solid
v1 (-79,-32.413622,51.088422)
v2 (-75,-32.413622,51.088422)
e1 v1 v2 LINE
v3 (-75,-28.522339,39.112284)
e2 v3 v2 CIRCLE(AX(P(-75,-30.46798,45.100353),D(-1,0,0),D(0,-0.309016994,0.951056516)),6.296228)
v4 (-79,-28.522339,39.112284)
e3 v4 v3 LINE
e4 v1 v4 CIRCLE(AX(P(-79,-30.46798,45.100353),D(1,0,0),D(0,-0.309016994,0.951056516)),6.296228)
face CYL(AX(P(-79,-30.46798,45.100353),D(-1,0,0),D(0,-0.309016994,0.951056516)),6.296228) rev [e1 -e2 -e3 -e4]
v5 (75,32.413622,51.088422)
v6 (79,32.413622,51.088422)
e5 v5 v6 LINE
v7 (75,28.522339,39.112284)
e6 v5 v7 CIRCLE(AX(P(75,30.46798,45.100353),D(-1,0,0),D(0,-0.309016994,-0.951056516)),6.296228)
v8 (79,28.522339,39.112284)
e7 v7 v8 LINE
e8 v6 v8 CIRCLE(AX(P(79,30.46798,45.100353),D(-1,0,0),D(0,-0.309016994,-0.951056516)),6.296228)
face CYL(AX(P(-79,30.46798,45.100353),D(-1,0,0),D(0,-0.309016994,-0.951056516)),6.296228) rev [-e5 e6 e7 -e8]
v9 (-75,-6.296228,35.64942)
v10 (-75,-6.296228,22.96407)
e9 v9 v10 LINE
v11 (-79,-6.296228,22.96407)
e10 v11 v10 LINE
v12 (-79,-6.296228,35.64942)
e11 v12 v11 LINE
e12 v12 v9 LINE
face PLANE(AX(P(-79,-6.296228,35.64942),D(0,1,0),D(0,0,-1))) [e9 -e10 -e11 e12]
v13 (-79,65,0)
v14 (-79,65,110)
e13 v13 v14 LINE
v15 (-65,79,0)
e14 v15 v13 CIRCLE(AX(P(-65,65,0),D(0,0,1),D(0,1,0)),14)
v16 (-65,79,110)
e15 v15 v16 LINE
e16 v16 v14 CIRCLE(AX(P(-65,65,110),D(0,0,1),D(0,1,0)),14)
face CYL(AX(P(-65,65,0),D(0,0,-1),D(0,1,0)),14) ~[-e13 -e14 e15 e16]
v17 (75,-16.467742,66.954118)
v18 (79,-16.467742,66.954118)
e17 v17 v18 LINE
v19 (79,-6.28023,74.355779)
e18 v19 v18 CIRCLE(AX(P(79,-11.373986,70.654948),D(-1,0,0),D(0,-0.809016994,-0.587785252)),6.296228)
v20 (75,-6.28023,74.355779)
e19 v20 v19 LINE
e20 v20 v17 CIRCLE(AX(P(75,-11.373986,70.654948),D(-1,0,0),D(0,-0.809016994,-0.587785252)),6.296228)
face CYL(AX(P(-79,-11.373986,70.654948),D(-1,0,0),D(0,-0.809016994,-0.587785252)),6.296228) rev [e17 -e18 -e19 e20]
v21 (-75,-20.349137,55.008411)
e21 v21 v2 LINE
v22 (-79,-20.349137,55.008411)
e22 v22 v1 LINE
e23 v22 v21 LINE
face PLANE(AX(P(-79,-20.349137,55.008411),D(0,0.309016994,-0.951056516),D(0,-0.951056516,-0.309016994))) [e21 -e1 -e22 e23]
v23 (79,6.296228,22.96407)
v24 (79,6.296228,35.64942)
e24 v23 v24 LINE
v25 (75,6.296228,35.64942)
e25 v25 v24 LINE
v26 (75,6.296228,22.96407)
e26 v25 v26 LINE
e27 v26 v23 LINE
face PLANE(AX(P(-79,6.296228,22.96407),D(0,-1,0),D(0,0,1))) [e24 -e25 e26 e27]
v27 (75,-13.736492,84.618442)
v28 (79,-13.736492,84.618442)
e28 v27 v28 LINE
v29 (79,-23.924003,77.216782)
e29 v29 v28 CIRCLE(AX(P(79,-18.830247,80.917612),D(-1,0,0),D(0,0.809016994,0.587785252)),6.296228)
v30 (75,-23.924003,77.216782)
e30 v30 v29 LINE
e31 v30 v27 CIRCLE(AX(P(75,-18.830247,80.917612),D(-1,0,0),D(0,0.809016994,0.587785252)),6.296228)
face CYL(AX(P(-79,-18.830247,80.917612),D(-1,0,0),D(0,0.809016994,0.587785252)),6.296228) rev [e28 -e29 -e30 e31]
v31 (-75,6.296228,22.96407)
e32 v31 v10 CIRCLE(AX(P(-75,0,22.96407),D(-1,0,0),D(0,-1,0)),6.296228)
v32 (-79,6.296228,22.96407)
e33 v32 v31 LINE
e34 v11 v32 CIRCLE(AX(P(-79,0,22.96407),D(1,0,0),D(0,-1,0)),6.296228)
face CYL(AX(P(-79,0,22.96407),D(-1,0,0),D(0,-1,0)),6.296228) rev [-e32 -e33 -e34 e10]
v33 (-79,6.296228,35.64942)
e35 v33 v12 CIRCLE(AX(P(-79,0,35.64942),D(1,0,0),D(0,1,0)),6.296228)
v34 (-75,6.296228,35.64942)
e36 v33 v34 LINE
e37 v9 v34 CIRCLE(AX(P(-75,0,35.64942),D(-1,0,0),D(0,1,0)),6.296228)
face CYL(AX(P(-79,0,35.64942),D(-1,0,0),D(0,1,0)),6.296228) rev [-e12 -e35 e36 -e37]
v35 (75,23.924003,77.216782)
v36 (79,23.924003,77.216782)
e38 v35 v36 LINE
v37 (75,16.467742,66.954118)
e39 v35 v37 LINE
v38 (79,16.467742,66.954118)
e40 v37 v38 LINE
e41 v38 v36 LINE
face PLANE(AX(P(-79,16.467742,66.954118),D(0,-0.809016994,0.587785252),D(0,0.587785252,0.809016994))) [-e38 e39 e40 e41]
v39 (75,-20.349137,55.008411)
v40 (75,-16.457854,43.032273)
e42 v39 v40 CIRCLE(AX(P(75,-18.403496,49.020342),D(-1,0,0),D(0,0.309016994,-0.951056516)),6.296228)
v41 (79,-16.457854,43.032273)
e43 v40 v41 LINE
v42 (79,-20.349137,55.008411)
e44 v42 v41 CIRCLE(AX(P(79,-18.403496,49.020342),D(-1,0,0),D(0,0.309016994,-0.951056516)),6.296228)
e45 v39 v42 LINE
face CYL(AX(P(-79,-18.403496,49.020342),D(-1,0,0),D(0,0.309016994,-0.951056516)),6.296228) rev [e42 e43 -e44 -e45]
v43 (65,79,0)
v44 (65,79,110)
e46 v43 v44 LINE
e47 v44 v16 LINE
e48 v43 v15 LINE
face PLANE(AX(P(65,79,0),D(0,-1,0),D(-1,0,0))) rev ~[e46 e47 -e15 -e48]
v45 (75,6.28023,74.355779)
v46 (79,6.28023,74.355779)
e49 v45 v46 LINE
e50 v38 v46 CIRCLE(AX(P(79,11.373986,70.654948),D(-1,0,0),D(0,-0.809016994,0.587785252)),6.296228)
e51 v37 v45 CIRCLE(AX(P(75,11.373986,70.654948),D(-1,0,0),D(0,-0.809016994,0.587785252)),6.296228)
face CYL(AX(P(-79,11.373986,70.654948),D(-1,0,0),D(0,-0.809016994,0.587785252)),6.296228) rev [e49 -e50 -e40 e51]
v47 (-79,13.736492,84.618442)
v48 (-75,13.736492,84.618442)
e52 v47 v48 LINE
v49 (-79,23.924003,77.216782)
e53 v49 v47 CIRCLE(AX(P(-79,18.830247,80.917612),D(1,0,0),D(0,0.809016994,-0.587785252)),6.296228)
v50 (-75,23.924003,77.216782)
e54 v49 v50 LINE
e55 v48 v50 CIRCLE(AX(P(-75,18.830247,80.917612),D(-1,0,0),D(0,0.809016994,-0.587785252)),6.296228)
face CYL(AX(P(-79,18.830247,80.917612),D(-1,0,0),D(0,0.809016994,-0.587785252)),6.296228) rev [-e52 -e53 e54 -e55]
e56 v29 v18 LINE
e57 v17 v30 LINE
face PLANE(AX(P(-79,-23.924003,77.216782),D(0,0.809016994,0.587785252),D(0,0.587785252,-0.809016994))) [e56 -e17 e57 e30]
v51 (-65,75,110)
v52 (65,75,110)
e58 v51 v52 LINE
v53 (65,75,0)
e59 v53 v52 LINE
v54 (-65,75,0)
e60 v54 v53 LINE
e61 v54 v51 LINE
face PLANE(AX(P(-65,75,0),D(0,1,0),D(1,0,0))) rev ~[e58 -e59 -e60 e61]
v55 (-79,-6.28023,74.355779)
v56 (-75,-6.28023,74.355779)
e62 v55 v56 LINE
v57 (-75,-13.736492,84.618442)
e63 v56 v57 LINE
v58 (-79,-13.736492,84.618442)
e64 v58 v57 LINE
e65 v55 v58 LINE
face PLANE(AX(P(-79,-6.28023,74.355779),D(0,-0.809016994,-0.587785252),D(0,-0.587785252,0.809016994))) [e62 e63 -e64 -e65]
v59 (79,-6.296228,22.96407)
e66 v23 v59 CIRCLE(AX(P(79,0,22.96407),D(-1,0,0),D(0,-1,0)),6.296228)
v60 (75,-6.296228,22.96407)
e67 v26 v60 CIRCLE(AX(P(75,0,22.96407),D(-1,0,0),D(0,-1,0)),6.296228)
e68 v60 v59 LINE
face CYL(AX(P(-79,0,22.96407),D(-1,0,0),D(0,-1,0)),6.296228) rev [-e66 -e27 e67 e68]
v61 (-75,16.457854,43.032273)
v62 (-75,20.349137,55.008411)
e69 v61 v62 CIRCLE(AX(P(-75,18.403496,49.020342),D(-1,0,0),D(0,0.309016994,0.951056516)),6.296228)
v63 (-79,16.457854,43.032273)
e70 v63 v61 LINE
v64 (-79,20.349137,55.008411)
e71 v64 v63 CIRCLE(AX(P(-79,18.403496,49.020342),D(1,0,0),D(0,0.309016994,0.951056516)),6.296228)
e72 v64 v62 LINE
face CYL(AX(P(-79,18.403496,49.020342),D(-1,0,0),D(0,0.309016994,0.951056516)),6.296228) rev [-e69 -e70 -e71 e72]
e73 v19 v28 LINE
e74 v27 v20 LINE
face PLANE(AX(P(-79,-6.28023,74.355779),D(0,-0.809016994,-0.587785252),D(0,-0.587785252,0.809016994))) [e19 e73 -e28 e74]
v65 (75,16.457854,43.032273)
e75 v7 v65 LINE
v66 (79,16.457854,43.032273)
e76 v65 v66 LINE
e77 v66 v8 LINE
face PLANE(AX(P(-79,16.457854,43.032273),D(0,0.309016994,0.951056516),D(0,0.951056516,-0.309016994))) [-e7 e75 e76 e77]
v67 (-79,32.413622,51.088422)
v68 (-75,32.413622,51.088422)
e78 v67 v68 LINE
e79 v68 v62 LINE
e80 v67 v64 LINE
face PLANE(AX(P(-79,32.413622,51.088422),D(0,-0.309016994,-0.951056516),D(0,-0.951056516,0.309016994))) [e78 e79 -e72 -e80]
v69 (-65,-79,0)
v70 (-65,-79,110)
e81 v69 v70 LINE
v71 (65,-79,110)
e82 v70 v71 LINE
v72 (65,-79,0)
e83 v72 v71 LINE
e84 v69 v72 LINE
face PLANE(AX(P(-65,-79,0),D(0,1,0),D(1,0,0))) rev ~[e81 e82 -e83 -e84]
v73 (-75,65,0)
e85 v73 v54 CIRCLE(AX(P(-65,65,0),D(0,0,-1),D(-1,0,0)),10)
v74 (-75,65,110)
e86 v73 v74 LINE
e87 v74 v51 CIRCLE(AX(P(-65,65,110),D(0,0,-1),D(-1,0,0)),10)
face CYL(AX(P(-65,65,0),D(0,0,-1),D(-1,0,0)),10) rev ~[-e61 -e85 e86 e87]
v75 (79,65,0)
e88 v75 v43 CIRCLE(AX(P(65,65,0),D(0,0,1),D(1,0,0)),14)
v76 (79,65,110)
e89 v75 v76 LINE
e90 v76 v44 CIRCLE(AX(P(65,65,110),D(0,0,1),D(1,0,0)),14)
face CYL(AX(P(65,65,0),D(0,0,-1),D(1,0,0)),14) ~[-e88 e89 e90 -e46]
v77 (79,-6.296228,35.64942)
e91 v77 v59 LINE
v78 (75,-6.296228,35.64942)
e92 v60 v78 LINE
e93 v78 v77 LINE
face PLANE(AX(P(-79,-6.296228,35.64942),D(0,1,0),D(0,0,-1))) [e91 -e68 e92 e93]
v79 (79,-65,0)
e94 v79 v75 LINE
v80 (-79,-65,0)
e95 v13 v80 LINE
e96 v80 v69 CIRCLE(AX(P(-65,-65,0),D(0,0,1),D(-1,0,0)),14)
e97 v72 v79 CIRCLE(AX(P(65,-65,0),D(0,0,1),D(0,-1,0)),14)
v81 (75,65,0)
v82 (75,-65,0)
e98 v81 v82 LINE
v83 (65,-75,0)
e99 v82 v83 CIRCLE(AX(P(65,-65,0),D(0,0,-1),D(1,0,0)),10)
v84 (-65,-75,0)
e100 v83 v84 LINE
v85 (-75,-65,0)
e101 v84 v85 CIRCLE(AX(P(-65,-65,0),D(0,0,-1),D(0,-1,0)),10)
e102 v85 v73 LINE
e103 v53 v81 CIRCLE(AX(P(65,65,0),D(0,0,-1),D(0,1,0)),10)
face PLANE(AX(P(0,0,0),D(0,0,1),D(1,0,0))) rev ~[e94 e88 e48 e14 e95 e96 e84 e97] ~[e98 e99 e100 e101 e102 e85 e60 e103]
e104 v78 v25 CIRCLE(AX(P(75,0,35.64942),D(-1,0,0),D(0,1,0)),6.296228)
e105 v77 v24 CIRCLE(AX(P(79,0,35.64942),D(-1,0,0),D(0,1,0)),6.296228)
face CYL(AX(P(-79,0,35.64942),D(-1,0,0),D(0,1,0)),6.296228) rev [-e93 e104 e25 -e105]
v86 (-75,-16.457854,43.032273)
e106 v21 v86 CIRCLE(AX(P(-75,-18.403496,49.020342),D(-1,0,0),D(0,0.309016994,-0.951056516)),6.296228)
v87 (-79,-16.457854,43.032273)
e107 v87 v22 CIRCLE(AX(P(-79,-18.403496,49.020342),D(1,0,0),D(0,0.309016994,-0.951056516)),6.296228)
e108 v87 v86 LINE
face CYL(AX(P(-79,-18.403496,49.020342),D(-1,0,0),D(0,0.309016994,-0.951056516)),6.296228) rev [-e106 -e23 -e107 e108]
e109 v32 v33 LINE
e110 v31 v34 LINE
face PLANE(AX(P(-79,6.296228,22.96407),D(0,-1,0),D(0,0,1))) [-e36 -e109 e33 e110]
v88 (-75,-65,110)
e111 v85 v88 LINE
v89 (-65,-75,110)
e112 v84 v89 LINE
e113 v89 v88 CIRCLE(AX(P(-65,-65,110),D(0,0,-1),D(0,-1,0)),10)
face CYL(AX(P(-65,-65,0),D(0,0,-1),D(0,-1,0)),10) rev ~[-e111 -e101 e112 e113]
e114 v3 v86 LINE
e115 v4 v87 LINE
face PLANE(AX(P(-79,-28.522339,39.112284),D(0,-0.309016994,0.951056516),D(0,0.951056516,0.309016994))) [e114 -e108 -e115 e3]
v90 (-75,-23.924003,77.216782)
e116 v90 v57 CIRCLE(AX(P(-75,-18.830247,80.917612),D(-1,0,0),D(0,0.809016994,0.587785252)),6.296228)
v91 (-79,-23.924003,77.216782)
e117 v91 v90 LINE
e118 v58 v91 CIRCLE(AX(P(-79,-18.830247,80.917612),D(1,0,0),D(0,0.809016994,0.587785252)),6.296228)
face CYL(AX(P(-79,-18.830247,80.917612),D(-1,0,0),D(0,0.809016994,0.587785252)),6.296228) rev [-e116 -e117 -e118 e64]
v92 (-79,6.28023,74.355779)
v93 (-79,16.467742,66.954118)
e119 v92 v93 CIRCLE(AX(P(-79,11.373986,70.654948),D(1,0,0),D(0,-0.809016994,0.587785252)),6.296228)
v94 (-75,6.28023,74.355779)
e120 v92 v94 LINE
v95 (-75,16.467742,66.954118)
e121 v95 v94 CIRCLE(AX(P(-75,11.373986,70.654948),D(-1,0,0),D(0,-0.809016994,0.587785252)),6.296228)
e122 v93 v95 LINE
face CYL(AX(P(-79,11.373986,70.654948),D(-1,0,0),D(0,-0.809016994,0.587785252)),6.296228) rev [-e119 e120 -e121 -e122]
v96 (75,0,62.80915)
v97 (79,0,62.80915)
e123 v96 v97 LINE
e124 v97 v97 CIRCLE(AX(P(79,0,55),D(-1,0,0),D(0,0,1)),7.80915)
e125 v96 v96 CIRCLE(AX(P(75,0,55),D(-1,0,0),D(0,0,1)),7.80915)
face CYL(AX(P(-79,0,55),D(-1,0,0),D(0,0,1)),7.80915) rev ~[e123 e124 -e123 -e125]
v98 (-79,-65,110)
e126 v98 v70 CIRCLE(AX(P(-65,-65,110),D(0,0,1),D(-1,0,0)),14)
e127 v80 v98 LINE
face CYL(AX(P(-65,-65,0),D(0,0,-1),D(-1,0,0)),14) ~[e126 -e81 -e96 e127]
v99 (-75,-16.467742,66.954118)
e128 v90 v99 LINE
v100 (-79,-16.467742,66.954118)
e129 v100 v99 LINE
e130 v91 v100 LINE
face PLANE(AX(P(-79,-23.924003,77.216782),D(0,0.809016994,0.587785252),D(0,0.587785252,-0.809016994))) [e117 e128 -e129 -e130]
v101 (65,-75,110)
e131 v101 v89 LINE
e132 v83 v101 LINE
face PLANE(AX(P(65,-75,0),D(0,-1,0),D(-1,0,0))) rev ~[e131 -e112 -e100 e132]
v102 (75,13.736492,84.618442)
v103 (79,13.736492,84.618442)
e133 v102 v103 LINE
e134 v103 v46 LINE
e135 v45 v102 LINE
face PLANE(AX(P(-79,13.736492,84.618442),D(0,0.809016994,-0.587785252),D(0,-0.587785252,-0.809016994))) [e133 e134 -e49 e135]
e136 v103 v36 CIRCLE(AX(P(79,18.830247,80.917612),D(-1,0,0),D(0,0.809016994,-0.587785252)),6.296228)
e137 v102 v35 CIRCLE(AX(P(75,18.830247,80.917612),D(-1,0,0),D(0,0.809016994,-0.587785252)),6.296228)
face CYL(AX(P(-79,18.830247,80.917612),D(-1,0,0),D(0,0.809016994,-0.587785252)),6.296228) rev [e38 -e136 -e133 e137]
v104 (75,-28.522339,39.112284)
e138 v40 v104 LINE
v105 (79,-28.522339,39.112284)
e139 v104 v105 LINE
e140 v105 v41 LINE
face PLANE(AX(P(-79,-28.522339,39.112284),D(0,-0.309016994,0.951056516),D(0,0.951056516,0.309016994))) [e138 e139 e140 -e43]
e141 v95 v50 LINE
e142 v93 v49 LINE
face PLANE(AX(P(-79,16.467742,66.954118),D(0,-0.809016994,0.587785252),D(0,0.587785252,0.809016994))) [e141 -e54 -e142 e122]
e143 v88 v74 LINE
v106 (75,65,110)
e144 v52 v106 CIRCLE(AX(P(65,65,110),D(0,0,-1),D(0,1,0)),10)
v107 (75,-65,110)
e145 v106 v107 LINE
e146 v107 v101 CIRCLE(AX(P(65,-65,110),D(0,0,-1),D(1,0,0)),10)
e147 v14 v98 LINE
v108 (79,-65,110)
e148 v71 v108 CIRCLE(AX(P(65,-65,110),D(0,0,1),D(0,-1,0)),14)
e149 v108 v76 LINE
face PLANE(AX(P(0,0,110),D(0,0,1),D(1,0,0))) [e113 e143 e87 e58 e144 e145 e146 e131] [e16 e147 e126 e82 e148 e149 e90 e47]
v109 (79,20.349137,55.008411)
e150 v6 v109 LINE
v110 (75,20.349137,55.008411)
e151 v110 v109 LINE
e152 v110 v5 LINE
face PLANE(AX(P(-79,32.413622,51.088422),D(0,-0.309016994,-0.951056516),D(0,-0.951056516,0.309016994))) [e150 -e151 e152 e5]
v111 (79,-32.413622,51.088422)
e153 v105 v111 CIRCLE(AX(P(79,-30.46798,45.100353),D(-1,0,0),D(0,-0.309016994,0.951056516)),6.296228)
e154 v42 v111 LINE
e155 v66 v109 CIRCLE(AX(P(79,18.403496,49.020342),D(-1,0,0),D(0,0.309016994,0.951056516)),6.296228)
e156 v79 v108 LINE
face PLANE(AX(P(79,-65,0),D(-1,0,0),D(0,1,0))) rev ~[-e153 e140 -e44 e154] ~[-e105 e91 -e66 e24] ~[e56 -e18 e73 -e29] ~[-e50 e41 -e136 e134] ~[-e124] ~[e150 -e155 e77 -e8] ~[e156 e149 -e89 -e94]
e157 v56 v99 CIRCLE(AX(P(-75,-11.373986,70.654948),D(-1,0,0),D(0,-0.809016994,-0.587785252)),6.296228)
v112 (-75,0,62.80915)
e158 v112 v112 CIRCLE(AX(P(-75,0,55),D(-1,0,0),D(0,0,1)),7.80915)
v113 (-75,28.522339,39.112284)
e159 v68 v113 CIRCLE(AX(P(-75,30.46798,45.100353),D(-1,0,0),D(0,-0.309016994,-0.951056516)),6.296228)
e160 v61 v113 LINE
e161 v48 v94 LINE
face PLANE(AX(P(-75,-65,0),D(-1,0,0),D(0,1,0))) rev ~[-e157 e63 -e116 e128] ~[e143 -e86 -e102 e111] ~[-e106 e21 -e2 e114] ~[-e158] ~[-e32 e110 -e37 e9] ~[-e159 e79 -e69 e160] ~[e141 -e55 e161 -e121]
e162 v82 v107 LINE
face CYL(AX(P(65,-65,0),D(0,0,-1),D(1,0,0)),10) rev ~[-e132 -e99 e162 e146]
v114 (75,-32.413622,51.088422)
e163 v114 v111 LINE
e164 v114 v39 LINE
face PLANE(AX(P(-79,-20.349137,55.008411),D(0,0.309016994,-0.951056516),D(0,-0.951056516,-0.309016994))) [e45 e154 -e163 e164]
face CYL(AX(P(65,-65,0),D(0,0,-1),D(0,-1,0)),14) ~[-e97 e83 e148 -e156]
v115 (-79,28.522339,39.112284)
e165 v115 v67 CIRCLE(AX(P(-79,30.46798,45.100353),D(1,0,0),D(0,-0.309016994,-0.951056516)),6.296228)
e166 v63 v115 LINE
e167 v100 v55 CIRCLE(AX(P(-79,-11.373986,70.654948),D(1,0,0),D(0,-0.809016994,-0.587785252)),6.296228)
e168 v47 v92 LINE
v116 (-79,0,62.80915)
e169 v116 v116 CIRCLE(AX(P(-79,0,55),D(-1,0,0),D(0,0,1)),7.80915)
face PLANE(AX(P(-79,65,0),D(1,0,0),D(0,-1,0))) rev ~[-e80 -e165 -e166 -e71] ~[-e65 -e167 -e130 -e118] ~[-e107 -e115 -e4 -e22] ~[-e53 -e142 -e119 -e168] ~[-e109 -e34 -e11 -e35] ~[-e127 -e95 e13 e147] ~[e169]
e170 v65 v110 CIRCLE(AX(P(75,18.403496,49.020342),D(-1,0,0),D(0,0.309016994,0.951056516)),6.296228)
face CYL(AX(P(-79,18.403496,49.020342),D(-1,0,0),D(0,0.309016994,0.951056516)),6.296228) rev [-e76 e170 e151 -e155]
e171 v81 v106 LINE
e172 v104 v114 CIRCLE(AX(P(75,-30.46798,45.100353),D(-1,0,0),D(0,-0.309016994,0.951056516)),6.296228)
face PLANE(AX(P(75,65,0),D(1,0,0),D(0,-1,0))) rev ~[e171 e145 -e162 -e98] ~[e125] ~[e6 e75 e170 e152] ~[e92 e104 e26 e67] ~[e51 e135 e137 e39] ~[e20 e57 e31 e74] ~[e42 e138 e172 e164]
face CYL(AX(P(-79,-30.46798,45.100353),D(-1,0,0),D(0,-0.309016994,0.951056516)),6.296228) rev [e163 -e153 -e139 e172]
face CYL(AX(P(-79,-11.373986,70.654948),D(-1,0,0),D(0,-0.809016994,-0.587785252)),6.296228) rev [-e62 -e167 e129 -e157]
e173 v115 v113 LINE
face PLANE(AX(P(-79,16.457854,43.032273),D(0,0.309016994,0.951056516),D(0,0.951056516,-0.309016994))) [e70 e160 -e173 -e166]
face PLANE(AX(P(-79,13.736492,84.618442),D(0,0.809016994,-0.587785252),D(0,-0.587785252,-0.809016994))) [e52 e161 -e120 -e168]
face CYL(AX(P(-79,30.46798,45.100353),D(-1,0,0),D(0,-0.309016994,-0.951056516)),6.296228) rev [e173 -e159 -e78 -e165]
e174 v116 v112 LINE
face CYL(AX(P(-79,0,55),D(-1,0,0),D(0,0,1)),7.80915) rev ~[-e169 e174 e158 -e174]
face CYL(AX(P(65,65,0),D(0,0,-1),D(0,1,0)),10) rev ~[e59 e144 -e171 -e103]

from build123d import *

# Parameters (mm, degrees)
BOSS_EXTRU_1_DEPTH      = 110
ESQUISSE2_R             = 7.809149938
ENL_V_MAT_EXTRU_1_DEPTH = 159


with BuildPart() as part:
    # Esquisse1 → Boss.-Extru.1 (new body)
    with BuildSketch(Plane.XY):
        with BuildLine():
            Line((-79, 65), (-79, -65))
            ThreePointArc((-79, -65), (-74.899494937, -74.899494937), (-65, -79))
            Line((-65, -79), (65, -79))
            ThreePointArc((65, -79), (74.899494937, -74.899494937), (79, -65))
            Line((79, -65), (79, 65))
            ThreePointArc((79, 65), (74.899494937, 74.899494937), (65, 79))
            Line((65, 79), (-65, 79))
            ThreePointArc((-65, 79), (-74.899494937, 74.899494937), (-79, 65))
        make_face()
        with BuildLine():
            Line((-65, 75), (65, 75))
            ThreePointArc((65, 75), (72.071067812, 72.071067812), (75, 65))
            Line((75, 65), (75, -65))
            ThreePointArc((75, -65), (72.071067812, -72.071067812), (65, -75))
            Line((65, -75), (-65, -75))
            ThreePointArc((-65, -75), (-72.071067812, -72.071067812), (-75, -65))
            Line((-75, -65), (-75, 65))
            ThreePointArc((-75, 65), (-72.071067812, 72.071067812), (-65, 75))
        make_face(mode=Mode.SUBTRACT)
    extrude(amount=BOSS_EXTRU_1_DEPTH)

    # Esquisse2 → Enlèv. mat.-Extru.1 (cut, through all)
    with BuildSketch(Plane.ZY.offset(79)):
        with Locations((55, 0)):
            Circle(ESQUISSE2_R)
        with BuildLine():
            Line((22.964069625, 6.296228474), (35.649419661, 6.296228474))
            ThreePointArc((35.649419661, 6.296228474), (41.945648134, 0), (35.649419661, -6.296228474))
            Line((35.649419661, -6.296228474), (22.964069625, -6.296228474))
            ThreePointArc((22.964069625, -6.296228474), (16.667841152, 0), (22.964069625, 6.296228474))
        make_face()
        with BuildLine():
            Line((51.088422202, 32.413621937), (55.008410942, 20.349137125))
            ThreePointArc((55.008410942, 20.349137125), (50.965983423, 12.415426408), (43.032272706, 16.457853927))
            Line((43.032272706, 16.457853927), (39.112283966, 28.52233874))
            ThreePointArc((39.112283966, 28.52233874), (43.154711485, 36.456049456), (51.088422202, 32.413621937))
        make_face()
        with BuildLine():
            Line((84.618442346, 13.736491582), (74.355778588, 6.280229911))
            ThreePointArc((74.355778588, 6.280229911), (65.56119251, 7.673155505), (66.954118104, 16.467741582))
            Line((66.954118104, 16.467741582), (77.216781862, 23.924003253))
            ThreePointArc((77.216781862, 23.924003253), (86.011367939, 22.53107766), (84.618442346, 13.736491582))
        make_face()
        with BuildLine():
            Line((77.216781862, -23.924003253), (66.954118104, -16.467741582))
            ThreePointArc((66.954118104, -16.467741582), (65.56119251, -7.673155505), (74.355778588, -6.280229911))
            Line((74.355778588, -6.280229911), (84.618442346, -13.736491582))
            ThreePointArc((84.618442346, -13.736491582), (86.011367939, -22.53107766), (77.216781862, -23.924003253))
        make_face()
        with BuildLine():
            Line((39.112283966, -28.52233874), (43.032272706, -16.457853927))
            ThreePointArc((43.032272706, -16.457853927), (50.965983423, -12.415426408), (55.008410942, -20.349137125))
            Line((55.008410942, -20.349137125), (51.088422202, -32.413621937))
            ThreePointArc((51.088422202, -32.413621937), (43.154711485, -36.456049456), (39.112283966, -28.52233874))
        make_face()
    extrude(amount=-ENL_V_MAT_EXTRU_1_DEPTH, mode=Mode.SUBTRACT)


solid = part.part
